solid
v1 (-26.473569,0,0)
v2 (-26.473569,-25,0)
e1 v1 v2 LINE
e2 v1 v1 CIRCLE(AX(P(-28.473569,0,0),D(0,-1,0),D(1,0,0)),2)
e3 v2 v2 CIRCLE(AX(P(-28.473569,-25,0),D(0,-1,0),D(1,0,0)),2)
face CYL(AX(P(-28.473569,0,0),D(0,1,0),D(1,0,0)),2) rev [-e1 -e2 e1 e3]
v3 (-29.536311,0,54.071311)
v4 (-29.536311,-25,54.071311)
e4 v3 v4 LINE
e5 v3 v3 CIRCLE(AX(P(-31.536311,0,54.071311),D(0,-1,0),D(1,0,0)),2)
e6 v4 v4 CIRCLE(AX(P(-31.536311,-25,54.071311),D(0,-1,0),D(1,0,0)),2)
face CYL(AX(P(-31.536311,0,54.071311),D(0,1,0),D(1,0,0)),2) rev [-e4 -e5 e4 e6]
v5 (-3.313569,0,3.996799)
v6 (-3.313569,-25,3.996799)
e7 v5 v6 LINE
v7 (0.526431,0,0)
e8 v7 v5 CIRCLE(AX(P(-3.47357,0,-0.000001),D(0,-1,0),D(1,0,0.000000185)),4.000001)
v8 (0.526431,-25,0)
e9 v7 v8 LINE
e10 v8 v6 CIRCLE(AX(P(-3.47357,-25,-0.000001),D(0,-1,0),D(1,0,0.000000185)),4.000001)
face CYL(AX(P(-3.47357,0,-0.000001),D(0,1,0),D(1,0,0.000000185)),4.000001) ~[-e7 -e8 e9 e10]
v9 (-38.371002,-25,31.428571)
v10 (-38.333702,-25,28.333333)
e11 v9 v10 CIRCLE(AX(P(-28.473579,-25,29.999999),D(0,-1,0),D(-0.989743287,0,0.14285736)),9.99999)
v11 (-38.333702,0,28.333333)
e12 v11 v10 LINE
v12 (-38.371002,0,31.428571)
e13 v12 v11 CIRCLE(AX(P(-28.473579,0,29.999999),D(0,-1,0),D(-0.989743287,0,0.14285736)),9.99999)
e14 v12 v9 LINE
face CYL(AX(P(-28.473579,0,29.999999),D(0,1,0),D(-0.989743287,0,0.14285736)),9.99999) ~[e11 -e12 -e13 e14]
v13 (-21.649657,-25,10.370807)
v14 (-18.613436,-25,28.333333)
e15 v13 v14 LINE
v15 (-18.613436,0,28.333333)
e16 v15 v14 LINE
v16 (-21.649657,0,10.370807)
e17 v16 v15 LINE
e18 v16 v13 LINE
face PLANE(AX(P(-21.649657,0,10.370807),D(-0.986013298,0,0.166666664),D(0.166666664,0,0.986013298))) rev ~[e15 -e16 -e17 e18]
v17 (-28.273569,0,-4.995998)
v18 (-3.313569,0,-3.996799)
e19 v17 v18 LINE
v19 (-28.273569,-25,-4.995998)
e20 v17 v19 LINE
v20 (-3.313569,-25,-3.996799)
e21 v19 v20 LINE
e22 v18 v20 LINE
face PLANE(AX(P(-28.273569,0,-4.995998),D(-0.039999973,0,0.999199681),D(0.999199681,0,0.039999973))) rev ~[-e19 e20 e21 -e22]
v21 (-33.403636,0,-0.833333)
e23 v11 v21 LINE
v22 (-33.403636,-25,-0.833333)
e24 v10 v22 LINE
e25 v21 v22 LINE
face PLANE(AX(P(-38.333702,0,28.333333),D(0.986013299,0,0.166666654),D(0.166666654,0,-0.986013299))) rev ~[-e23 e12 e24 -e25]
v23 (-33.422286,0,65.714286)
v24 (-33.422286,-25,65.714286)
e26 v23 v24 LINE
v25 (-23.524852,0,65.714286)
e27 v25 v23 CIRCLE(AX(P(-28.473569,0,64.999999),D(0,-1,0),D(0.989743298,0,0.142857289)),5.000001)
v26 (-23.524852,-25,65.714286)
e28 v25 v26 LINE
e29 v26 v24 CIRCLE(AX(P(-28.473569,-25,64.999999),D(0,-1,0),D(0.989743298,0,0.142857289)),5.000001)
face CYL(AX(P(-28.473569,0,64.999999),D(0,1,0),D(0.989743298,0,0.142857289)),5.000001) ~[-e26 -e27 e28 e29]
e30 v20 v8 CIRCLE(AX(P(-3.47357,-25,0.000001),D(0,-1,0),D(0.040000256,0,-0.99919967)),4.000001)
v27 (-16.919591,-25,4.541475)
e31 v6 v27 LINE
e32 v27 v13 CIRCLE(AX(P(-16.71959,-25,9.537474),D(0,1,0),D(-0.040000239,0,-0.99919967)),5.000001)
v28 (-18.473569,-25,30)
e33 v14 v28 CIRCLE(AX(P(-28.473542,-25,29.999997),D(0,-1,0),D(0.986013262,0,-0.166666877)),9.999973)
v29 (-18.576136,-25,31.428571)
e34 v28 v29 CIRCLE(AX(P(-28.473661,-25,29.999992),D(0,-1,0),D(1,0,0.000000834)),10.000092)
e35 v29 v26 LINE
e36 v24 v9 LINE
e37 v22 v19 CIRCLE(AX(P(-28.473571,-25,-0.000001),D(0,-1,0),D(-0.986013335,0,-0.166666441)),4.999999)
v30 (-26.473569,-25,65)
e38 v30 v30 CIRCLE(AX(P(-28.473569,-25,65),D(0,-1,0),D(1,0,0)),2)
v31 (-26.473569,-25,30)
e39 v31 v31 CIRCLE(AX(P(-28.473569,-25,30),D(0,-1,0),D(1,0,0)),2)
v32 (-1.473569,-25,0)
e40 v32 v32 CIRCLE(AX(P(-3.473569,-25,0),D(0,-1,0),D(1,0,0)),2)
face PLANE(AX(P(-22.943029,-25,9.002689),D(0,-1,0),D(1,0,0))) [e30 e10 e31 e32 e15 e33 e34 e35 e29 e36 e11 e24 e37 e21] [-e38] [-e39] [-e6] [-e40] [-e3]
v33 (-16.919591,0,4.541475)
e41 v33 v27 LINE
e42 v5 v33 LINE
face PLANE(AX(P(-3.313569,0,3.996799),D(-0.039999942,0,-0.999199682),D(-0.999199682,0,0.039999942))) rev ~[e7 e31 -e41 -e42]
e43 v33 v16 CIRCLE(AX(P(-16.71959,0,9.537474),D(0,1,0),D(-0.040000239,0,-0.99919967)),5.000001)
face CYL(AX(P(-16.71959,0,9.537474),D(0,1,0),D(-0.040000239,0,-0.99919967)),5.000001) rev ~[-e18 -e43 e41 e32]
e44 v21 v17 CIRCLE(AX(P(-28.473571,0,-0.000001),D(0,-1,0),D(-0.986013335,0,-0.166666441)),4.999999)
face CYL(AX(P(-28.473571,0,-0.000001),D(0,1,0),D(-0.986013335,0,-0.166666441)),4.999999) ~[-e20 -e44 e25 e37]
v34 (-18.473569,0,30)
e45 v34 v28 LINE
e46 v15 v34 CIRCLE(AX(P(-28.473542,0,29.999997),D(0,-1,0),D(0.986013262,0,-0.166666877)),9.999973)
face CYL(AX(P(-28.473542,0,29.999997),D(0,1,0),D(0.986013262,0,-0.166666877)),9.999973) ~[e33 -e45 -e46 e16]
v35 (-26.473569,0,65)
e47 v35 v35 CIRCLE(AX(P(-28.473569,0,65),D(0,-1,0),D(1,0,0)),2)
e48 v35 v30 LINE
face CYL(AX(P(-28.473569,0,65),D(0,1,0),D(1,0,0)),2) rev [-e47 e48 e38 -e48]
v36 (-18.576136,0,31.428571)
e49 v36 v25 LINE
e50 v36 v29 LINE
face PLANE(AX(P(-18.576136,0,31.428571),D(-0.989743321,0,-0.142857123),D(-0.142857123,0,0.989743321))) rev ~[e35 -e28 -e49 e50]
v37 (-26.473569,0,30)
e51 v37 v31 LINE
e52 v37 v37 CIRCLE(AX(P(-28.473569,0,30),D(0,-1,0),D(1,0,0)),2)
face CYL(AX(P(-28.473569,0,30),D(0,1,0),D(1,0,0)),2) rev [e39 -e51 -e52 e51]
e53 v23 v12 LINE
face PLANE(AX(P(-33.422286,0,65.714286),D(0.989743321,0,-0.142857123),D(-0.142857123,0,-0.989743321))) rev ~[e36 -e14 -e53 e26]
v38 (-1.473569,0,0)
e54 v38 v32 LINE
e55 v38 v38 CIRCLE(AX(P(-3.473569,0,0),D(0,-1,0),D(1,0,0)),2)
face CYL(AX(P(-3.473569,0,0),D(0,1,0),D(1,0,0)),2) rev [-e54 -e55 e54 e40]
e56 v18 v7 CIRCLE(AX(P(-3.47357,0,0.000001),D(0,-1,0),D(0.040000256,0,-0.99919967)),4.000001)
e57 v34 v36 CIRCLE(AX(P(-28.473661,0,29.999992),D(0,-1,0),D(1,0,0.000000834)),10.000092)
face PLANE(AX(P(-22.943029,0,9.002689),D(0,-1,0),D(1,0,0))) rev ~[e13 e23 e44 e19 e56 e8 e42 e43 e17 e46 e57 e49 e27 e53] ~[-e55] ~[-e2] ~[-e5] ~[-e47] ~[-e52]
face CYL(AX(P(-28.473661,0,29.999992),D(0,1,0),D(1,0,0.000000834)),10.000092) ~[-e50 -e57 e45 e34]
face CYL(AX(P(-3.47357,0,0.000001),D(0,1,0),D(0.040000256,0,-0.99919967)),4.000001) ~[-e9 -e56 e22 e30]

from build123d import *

# Parameters (mm, degrees)
F0_R     = 2
F1_DEPTH = 25


with BuildPart() as f1:
    # F0 (on Front) → F1 (new body)
    with BuildSketch(Plane.XZ):
        with BuildLine():
            ThreePointArc((-3.313569, -3.996799), (-7.473569, 0), (-3.313569, 3.996799))
            Line((-3.313569, 3.996799), (-16.919591, 4.541475))
            ThreePointArc((-16.919591, 4.541475), (-20.602202, 6.387025), (-21.649657, 10.370807))
            Line((-21.649657, 10.370807), (-18.613436, 28.333333))
            ThreePointArc((-18.613436, 28.333333), (-28.473569, 20), (-38.333702, 28.333333))
            Line((-38.333702, 28.333333), (-33.403636, -0.833333))
            ThreePointArc((-33.403636, -0.833333), (-28.8917, 4.982486), (-23.473569, 0))
            ThreePointArc((-23.473569, 0), (-24.868018, -3.464102), (-28.273569, -4.995998))
            Line((-28.273569, -4.995998), (-3.313569, -3.996799))
        make_face()
        with BuildLine():
            ThreePointArc((-33.403636, -0.833333), (-31.624018, -3.882612), (-28.273569, -4.995998))
            ThreePointArc((-28.273569, -4.995998), (-24.868018, -3.464102), (-23.473569, 0))
            ThreePointArc((-23.473569, 0), (-28.8917, 4.982486), (-33.403636, -0.833333))
        make_face()
        with Locations((-28.473569, 0)):
            Circle(F0_R, mode=Mode.SUBTRACT)
        with BuildLine():
            ThreePointArc((-3.313569, -3.996799), (-0.589128, -2.771281), (0.526431, 0))
            ThreePointArc((0.526431, 0), (-0.589128, 2.771281), (-3.313569, 3.996799))
            ThreePointArc((-3.313569, 3.996799), (-7.473569, 0), (-3.313569, -3.996799))
        make_face()
        with Locations((-3.473569, 0)):
            Circle(F0_R, mode=Mode.SUBTRACT)
        with BuildLine():
            ThreePointArc((-38.333702, 28.333333), (-28.473569, 20), (-18.613436, 28.333333))
            ThreePointArc((-18.613436, 28.333333), (-18.508597, 29.163737), (-18.473569, 30))
            ThreePointArc((-18.473569, 30), (-18.499244, 30.716124), (-18.576136, 31.428571))
            ThreePointArc((-18.576136, 31.428571), (-28.473569, 40), (-38.371002, 31.428571))
            ThreePointArc((-38.371002, 31.428571), (-38.472843, 29.8795), (-38.333702, 28.333333))
        make_face()
        with Locations((-28.473569, 30)):
            Circle(F0_R, mode=Mode.SUBTRACT)
        with BuildLine():
            Line((-33.422286, 65.714286), (-38.371002, 31.428571))
            ThreePointArc((-38.371002, 31.428571), (-28.473569, 40), (-18.576136, 31.428571))
            Line((-18.576136, 31.428571), (-23.524852, 65.714286))
            ThreePointArc((-23.524852, 65.714286), (-23.486406, 65.358062), (-23.473569, 65))
            ThreePointArc((-23.473569, 65), (-28.831631, 60.012837), (-33.422286, 65.714286))
        make_face()
        with Locations((-31.536311, 54.071311)):
            Circle(F0_R, mode=Mode.SUBTRACT)
        with BuildLine():
            ThreePointArc((-23.524852, 65.714286), (-28.473569, 70), (-33.422286, 65.714286))
            ThreePointArc((-33.422286, 65.714286), (-28.831631, 60.012837), (-23.473569, 65))
            ThreePointArc((-23.473569, 65), (-23.486406, 65.358062), (-23.524852, 65.714286))
        make_face()
        with Locations((-28.473569, 65)):
            Circle(F0_R, mode=Mode.SUBTRACT)
    extrude(amount=F1_DEPTH)


solid = f1.part
